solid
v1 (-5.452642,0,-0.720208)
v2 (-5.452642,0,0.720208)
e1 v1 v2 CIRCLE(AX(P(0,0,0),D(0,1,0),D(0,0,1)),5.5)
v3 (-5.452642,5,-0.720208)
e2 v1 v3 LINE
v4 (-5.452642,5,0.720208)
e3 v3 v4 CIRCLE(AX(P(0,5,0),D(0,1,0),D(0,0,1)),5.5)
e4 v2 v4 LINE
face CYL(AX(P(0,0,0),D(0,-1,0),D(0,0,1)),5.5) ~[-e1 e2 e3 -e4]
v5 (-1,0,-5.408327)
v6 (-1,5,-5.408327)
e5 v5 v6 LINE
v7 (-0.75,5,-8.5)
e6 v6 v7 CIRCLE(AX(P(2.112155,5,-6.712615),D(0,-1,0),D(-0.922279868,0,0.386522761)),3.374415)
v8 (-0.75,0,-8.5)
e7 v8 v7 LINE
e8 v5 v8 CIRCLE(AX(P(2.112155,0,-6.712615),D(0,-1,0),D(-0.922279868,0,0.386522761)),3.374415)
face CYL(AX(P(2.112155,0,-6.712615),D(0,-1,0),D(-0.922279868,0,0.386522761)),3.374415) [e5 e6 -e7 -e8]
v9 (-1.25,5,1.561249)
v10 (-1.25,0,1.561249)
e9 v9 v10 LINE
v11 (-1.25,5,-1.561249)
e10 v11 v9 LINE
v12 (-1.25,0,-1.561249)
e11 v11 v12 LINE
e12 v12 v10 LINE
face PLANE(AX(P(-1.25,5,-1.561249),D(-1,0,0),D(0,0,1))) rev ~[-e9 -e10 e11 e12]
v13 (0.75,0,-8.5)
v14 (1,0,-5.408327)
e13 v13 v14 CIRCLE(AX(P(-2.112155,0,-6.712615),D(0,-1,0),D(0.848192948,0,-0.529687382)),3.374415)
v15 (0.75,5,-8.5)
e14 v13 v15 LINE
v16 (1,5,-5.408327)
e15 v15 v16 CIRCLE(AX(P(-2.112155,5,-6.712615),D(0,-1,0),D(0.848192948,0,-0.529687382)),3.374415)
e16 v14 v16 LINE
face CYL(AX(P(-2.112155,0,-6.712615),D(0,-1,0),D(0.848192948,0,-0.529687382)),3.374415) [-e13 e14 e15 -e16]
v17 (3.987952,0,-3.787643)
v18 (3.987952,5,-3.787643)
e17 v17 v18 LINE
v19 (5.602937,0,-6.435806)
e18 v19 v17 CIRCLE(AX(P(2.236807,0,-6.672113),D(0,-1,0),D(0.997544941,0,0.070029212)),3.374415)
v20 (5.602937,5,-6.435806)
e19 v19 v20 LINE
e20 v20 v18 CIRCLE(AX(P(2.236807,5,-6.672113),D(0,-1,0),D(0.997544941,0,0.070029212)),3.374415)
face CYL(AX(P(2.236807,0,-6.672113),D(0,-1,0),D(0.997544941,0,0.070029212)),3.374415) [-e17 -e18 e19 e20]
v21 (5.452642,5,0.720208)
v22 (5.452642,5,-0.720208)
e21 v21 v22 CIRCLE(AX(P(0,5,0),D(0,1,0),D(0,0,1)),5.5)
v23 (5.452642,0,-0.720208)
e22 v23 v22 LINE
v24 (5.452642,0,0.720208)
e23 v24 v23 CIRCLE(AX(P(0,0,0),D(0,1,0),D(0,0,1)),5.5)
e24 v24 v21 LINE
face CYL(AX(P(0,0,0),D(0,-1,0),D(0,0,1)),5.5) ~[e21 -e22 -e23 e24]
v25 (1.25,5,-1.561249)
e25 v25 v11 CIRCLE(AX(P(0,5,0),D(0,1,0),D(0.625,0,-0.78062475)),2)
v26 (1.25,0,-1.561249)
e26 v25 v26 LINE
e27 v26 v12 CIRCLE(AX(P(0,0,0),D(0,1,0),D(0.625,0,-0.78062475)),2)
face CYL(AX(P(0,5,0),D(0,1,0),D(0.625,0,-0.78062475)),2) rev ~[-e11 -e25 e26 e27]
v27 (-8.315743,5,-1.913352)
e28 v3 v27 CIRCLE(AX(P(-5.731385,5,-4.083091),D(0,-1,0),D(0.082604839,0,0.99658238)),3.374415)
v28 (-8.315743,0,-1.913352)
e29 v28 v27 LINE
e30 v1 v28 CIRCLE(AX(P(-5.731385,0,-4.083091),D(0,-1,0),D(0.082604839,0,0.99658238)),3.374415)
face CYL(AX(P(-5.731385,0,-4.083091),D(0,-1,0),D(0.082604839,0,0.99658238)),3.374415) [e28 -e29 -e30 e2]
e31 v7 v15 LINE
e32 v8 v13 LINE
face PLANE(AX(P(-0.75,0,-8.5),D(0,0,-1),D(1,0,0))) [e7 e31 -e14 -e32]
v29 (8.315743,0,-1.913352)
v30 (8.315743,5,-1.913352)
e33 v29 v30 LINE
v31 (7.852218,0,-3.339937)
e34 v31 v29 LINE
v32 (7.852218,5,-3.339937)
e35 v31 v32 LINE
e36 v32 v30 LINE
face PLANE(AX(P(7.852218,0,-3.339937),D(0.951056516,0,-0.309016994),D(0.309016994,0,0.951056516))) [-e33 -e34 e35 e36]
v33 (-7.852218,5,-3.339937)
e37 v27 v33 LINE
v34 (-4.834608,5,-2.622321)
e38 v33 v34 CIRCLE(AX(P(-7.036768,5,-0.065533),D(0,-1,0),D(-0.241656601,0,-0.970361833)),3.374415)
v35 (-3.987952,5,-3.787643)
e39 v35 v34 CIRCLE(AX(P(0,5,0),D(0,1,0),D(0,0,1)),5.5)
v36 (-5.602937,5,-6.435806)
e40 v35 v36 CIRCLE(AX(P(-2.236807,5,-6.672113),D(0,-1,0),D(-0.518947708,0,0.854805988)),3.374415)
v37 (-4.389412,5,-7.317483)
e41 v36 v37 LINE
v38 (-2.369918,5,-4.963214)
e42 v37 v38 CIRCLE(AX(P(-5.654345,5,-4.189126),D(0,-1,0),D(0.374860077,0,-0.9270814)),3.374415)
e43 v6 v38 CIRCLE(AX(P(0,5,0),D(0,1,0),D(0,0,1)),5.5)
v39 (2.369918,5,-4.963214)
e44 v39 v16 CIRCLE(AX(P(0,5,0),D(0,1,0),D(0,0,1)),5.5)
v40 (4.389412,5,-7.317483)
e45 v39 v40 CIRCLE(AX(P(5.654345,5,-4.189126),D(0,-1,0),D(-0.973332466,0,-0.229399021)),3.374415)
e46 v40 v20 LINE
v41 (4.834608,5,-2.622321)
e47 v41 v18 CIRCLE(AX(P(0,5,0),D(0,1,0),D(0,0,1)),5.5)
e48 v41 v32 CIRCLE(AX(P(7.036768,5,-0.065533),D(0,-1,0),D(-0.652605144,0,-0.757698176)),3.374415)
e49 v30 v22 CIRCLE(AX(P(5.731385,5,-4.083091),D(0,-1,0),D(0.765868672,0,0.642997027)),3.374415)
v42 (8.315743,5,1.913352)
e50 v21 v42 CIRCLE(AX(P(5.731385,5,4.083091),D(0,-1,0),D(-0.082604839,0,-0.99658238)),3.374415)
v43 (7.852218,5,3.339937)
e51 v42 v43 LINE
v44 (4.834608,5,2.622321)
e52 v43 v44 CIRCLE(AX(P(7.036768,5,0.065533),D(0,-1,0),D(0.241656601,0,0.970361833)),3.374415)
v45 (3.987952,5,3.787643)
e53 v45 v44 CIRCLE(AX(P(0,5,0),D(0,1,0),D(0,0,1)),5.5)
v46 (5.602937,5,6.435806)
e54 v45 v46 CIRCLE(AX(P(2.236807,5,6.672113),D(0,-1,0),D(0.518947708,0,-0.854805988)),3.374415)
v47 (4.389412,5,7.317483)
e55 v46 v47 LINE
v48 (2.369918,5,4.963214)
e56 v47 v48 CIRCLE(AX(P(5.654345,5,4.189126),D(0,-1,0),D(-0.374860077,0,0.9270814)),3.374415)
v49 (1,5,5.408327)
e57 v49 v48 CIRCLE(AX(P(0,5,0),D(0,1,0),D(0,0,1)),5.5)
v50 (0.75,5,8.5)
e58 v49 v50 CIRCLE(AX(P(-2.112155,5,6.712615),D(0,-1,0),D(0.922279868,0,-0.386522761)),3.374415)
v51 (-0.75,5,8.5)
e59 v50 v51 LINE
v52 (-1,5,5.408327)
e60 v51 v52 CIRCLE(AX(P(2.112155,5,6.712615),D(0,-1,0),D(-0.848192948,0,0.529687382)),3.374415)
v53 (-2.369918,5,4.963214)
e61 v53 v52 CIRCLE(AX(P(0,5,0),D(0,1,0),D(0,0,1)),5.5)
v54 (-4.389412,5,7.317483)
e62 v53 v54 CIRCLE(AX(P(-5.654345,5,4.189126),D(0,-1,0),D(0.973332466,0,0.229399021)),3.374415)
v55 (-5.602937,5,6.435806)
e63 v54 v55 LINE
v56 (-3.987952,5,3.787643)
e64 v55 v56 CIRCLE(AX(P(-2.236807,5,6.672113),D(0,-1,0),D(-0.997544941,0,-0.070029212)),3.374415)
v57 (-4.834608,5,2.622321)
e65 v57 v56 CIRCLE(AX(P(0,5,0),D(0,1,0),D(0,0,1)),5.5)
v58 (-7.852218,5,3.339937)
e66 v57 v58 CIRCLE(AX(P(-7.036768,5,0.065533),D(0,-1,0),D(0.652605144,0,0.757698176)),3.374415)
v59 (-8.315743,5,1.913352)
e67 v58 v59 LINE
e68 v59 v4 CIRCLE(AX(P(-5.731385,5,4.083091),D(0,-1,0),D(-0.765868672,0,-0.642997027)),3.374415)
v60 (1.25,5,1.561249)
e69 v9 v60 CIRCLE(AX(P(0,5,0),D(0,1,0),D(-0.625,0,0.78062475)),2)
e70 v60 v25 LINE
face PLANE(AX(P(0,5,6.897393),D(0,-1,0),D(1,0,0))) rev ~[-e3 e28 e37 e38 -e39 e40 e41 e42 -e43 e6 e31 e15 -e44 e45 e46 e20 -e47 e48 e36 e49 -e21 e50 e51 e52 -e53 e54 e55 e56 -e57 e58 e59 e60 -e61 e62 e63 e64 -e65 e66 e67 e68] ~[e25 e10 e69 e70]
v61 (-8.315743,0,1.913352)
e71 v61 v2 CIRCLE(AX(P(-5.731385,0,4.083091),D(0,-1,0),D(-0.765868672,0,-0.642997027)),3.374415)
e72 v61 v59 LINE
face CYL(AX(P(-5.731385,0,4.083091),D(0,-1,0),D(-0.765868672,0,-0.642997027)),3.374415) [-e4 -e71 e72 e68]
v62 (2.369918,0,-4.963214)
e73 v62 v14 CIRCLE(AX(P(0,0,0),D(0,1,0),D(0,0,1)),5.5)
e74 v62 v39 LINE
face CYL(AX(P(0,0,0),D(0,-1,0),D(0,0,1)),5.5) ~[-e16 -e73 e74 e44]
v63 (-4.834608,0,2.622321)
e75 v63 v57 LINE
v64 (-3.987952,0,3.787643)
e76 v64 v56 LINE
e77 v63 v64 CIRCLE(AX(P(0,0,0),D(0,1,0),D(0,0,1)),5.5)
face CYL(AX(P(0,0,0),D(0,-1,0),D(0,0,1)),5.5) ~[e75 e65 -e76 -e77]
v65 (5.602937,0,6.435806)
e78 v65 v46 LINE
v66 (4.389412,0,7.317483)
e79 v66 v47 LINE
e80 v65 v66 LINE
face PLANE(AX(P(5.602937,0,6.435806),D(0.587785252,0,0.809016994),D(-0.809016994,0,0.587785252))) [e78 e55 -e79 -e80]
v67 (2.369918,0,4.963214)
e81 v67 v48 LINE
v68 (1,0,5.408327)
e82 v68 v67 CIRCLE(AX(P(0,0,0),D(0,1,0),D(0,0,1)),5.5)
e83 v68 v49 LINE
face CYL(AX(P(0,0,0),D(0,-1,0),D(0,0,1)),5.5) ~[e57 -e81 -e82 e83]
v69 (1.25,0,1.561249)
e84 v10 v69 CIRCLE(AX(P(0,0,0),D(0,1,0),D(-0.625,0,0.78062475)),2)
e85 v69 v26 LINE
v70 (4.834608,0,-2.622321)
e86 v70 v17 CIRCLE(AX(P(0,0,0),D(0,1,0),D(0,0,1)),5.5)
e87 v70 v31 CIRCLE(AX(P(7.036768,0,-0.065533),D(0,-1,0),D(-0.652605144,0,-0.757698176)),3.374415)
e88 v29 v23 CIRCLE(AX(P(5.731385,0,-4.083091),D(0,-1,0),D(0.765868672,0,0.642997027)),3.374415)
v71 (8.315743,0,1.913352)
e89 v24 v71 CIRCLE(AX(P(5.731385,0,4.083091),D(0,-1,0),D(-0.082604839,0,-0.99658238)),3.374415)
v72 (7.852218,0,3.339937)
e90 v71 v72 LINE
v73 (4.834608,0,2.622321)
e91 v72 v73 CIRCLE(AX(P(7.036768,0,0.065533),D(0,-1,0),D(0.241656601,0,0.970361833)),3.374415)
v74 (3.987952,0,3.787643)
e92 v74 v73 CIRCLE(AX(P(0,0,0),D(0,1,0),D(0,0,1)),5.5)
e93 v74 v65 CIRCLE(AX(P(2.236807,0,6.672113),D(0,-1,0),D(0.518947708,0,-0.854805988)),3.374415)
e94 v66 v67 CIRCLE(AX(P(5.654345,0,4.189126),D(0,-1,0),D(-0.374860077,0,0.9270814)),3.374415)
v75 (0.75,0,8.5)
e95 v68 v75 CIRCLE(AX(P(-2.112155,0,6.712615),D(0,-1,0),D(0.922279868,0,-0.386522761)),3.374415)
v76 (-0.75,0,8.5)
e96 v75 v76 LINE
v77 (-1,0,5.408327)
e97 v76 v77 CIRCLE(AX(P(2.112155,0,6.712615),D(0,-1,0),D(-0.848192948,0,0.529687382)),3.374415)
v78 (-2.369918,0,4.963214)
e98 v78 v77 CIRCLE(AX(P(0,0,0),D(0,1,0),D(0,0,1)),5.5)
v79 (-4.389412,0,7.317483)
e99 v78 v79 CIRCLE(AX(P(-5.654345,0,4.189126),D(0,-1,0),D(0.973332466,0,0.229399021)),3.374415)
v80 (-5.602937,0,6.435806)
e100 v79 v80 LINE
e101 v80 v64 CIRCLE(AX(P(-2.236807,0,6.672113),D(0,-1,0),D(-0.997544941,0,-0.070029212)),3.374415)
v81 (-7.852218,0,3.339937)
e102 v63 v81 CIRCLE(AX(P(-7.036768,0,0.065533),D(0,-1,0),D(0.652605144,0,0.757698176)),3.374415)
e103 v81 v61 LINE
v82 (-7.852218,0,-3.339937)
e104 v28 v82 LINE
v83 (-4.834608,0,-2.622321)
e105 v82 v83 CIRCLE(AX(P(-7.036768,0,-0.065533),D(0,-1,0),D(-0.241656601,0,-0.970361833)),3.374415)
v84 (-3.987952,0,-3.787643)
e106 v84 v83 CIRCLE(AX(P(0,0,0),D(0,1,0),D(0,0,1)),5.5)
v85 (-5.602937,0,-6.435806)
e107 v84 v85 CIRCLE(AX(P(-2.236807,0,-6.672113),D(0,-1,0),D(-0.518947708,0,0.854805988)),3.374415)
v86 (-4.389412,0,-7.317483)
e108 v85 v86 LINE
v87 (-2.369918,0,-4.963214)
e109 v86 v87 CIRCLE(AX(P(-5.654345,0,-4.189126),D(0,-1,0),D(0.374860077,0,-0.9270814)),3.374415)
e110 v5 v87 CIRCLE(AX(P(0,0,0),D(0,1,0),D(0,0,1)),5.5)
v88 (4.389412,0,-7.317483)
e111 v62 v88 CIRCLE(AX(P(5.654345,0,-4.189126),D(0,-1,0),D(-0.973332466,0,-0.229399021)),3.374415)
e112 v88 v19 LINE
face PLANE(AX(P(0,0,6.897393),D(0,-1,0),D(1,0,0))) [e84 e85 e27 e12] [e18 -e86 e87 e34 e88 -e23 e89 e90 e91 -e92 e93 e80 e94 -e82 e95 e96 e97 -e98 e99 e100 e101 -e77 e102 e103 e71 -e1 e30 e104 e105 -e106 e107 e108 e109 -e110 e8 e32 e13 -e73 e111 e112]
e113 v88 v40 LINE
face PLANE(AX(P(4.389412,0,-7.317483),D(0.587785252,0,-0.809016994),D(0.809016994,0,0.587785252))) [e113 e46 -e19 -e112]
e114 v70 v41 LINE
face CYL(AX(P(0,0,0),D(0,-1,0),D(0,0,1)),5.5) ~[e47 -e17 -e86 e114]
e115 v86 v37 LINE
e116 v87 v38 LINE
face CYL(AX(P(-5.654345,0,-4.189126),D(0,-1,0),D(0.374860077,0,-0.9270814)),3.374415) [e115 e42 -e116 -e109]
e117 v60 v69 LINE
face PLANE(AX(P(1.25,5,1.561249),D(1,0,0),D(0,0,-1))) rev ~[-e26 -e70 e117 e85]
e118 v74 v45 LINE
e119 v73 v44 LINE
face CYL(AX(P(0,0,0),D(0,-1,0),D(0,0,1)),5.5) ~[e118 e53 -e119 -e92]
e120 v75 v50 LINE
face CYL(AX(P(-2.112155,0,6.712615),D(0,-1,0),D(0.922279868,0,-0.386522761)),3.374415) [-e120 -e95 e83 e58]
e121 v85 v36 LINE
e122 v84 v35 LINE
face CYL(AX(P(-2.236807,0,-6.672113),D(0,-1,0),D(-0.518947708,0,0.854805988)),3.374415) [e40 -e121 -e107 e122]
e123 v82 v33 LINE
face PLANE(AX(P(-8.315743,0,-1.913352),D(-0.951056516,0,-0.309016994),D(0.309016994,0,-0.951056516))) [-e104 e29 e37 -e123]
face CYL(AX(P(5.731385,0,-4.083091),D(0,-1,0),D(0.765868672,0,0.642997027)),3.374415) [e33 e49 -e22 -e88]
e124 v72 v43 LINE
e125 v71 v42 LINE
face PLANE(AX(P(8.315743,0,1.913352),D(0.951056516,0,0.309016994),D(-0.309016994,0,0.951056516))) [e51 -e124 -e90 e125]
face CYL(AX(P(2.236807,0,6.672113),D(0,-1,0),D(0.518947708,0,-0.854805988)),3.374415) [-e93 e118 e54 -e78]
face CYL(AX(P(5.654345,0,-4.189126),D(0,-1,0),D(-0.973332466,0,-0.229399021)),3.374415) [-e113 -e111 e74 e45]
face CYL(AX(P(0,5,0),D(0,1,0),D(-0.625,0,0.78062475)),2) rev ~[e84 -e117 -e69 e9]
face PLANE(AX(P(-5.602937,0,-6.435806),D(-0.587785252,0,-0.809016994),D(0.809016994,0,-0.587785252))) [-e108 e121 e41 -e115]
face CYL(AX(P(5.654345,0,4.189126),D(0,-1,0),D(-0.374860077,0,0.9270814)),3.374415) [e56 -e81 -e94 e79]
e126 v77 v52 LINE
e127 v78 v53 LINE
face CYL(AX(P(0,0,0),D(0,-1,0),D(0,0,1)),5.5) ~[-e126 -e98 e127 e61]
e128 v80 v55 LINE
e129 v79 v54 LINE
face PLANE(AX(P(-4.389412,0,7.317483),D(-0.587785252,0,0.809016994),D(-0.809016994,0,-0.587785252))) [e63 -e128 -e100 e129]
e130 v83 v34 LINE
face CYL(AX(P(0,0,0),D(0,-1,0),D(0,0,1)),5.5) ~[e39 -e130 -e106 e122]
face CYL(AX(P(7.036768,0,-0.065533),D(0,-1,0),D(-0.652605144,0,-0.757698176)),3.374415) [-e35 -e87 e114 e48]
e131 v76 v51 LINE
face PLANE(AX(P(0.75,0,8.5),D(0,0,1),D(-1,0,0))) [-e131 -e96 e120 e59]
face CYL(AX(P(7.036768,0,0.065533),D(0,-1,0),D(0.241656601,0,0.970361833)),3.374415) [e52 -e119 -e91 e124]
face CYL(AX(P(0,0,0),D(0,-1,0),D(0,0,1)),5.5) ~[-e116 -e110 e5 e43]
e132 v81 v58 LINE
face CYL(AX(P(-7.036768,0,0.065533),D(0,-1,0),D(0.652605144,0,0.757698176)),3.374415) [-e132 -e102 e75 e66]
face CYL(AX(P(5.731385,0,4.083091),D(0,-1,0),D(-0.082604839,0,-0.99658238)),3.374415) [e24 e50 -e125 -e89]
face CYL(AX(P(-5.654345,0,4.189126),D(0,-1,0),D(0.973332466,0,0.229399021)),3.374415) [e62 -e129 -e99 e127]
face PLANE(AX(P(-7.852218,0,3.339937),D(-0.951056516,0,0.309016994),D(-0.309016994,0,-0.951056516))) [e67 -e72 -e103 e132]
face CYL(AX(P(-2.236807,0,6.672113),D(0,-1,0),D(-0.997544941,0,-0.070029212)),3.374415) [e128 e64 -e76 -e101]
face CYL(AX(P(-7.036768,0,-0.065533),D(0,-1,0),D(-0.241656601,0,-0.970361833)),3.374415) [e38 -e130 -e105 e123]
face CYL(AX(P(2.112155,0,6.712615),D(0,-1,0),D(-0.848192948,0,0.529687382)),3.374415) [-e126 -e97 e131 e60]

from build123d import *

# Parameters (mm, degrees)
SKETCH_1_R          = 5.5
EXTRUDE_1_DEPTH     = 5
EXTRUDE_START       = -5
EXTRUDE_2_DEPTH     = 5
CUT_EXTRUDE_1_REACH = 14.9


with BuildPart() as part:
    # 草图1 → 凸台-拉伸1 (new body)
    with BuildSketch(Plane(origin=(0, 0, 0), x_dir=(1, 0, 0), z_dir=(0, 1, 0))):
        with Locations(Location((0, 0, 0), (0, 0, 270))):
            Circle(SKETCH_1_R)
    extrude(amount=EXTRUDE_1_DEPTH)

    # 草图2 → 凸台-拉伸2 (add)
    with BuildSketch(Plane(origin=(0, 5, 0), x_dir=(-1, 0, 0), z_dir=(0, 1, 0)).offset(EXTRUDE_START)):
        with BuildLine():
            Line((-4.389411899, -7.317483391), (-5.60293739, -6.435805513))
            ThreePointArc((-5.60293739, -6.435805513), (-5.11774735, -4.915167527), (-3.987951794, -3.787643132))
            ThreePointArc((-3.987951794, -3.787643132), (-3.232818888, -4.449593469), (-2.369917805, -4.963213636))
            ThreePointArc((-2.369917805, -4.963213636), (-3.093131201, -6.386137262), (-4.389411899, -7.317483391))
        make_face()
        with BuildLine():
            Line((-7.852217643, -3.339936839), (-8.315743134, -1.913352065))
            ThreePointArc((-8.315743134, -1.913352065), (-7.029407564, -0.968317642), (-5.452641547, -0.720208411))
            ThreePointArc((-5.452641547, -0.720208411), (-5.23081084, -1.699593469), (-4.834607559, -2.622321444))
            ThreePointArc((-4.834607559, -2.622321444), (-6.256073009, -3.34839667), (-7.852217643, -3.339936839))
        make_face()
        with BuildLine():
            Line((-8.315743134, 1.913352065), (-7.852217643, 3.339936839))
            ThreePointArc((-7.852217643, 3.339936839), (-6.256073009, 3.34839667), (-4.834607559, 2.622321444))
            ThreePointArc((-4.834607559, 2.622321444), (-5.23081084, 1.699593469), (-5.452641547, 0.720208411))
            ThreePointArc((-5.452641547, 0.720208411), (-7.029407564, 0.968317642), (-8.315743134, 1.913352065))
        make_face()
        with BuildLine():
            Line((-5.60293739, 6.435805513), (-4.389411899, 7.317483391))
            ThreePointArc((-4.389411899, 7.317483391), (-3.093131201, 6.386137262), (-2.369917805, 4.963213636))
            ThreePointArc((-2.369917805, 4.963213636), (-3.232818888, 4.449593469), (-3.987951794, 3.787643132))
            ThreePointArc((-3.987951794, 3.787643132), (-5.11774735, 4.915167527), (-5.60293739, 6.435805513))
        make_face()
        with BuildLine():
            Line((-0.75, 8.5), (0.75, 8.5))
            ThreePointArc((0.75, 8.5), (1.251281594, 6.984590476), (1, 5.408326913))
            ThreePointArc((1, 5.408326913), (0, 5.5), (-1, 5.408326913))
            ThreePointArc((-1, 5.408326913), (-1.251281594, 6.984590476), (-0.75, 8.5))
        make_face()
        with BuildLine():
            Line((4.389411899, 7.317483391), (5.60293739, 6.435805513))
            ThreePointArc((5.60293739, 6.435805513), (5.11774735, 4.915167527), (3.987951794, 3.787643132))
            ThreePointArc((3.987951794, 3.787643132), (3.232818888, 4.449593469), (2.369917805, 4.963213636))
            ThreePointArc((2.369917805, 4.963213636), (3.093131201, 6.386137262), (4.389411899, 7.317483391))
        make_face()
        with BuildLine():
            Line((0.75, -8.5), (-0.75, -8.5))
            ThreePointArc((-0.75, -8.5), (-1.251281594, -6.984590476), (-1, -5.408326913))
            ThreePointArc((-1, -5.408326913), (0, -5.5), (1, -5.408326913))
            ThreePointArc((1, -5.408326913), (1.251281594, -6.984590476), (0.75, -8.5))
        make_face()
        with BuildLine():
            Line((7.852217643, 3.339936839), (8.315743134, 1.913352065))
            ThreePointArc((8.315743134, 1.913352065), (7.029407564, 0.968317642), (5.452641547, 0.720208411))
            ThreePointArc((5.452641547, 0.720208411), (5.23081084, 1.699593469), (4.834607559, 2.622321444))
            ThreePointArc((4.834607559, 2.622321444), (6.256073009, 3.34839667), (7.852217643, 3.339936839))
        make_face()
        with BuildLine():
            Line((8.315743134, -1.913352065), (7.852217643, -3.339936839))
            ThreePointArc((7.852217643, -3.339936839), (6.256073009, -3.34839667), (4.834607559, -2.622321444))
            ThreePointArc((4.834607559, -2.622321444), (5.23081084, -1.699593469), (5.452641547, -0.720208411))
            ThreePointArc((5.452641547, -0.720208411), (7.029407564, -0.968317642), (8.315743134, -1.913352065))
        make_face()
        with BuildLine():
            Line((5.60293739, -6.435805513), (4.389411899, -7.317483391))
            ThreePointArc((4.389411899, -7.317483391), (3.093131201, -6.386137262), (2.369917805, -4.963213636))
            ThreePointArc((2.369917805, -4.963213636), (3.232818888, -4.449593469), (3.987951794, -3.787643132))
            ThreePointArc((3.987951794, -3.787643132), (5.11774735, -4.915167527), (5.60293739, -6.435805513))
        make_face()
    extrude(amount=EXTRUDE_2_DEPTH)

    # 草图3 → 切除-拉伸1 (cut, up to next)
    with BuildSketch(Plane(origin=(0, 5, 0), x_dir=(-1, 0, 0), z_dir=(0, 1, 0)), mode=Mode.PRIVATE) as cut_extrude_1_sk1:
        with BuildLine():
            Line((1.25, -1.5612495), (1.25, 1.5612495))
            ThreePointArc((1.25, 1.5612495), (0, 2), (-1.25, 1.5612495))
            Line((-1.25, 1.5612495), (-1.25, -1.5612495))
            ThreePointArc((-1.25, -1.5612495), (0, -2), (1.25, -1.5612495))
        make_face()
    cut_extrude_1_tool1 = extrude(cut_extrude_1_sk1.sketch, amount=-CUT_EXTRUDE_1_REACH, mode=Mode.PRIVATE) & part.part
    add(cut_extrude_1_tool1.solids().sort_by_distance((0, 5, 0))[0], mode=Mode.SUBTRACT)


solid = part.part
